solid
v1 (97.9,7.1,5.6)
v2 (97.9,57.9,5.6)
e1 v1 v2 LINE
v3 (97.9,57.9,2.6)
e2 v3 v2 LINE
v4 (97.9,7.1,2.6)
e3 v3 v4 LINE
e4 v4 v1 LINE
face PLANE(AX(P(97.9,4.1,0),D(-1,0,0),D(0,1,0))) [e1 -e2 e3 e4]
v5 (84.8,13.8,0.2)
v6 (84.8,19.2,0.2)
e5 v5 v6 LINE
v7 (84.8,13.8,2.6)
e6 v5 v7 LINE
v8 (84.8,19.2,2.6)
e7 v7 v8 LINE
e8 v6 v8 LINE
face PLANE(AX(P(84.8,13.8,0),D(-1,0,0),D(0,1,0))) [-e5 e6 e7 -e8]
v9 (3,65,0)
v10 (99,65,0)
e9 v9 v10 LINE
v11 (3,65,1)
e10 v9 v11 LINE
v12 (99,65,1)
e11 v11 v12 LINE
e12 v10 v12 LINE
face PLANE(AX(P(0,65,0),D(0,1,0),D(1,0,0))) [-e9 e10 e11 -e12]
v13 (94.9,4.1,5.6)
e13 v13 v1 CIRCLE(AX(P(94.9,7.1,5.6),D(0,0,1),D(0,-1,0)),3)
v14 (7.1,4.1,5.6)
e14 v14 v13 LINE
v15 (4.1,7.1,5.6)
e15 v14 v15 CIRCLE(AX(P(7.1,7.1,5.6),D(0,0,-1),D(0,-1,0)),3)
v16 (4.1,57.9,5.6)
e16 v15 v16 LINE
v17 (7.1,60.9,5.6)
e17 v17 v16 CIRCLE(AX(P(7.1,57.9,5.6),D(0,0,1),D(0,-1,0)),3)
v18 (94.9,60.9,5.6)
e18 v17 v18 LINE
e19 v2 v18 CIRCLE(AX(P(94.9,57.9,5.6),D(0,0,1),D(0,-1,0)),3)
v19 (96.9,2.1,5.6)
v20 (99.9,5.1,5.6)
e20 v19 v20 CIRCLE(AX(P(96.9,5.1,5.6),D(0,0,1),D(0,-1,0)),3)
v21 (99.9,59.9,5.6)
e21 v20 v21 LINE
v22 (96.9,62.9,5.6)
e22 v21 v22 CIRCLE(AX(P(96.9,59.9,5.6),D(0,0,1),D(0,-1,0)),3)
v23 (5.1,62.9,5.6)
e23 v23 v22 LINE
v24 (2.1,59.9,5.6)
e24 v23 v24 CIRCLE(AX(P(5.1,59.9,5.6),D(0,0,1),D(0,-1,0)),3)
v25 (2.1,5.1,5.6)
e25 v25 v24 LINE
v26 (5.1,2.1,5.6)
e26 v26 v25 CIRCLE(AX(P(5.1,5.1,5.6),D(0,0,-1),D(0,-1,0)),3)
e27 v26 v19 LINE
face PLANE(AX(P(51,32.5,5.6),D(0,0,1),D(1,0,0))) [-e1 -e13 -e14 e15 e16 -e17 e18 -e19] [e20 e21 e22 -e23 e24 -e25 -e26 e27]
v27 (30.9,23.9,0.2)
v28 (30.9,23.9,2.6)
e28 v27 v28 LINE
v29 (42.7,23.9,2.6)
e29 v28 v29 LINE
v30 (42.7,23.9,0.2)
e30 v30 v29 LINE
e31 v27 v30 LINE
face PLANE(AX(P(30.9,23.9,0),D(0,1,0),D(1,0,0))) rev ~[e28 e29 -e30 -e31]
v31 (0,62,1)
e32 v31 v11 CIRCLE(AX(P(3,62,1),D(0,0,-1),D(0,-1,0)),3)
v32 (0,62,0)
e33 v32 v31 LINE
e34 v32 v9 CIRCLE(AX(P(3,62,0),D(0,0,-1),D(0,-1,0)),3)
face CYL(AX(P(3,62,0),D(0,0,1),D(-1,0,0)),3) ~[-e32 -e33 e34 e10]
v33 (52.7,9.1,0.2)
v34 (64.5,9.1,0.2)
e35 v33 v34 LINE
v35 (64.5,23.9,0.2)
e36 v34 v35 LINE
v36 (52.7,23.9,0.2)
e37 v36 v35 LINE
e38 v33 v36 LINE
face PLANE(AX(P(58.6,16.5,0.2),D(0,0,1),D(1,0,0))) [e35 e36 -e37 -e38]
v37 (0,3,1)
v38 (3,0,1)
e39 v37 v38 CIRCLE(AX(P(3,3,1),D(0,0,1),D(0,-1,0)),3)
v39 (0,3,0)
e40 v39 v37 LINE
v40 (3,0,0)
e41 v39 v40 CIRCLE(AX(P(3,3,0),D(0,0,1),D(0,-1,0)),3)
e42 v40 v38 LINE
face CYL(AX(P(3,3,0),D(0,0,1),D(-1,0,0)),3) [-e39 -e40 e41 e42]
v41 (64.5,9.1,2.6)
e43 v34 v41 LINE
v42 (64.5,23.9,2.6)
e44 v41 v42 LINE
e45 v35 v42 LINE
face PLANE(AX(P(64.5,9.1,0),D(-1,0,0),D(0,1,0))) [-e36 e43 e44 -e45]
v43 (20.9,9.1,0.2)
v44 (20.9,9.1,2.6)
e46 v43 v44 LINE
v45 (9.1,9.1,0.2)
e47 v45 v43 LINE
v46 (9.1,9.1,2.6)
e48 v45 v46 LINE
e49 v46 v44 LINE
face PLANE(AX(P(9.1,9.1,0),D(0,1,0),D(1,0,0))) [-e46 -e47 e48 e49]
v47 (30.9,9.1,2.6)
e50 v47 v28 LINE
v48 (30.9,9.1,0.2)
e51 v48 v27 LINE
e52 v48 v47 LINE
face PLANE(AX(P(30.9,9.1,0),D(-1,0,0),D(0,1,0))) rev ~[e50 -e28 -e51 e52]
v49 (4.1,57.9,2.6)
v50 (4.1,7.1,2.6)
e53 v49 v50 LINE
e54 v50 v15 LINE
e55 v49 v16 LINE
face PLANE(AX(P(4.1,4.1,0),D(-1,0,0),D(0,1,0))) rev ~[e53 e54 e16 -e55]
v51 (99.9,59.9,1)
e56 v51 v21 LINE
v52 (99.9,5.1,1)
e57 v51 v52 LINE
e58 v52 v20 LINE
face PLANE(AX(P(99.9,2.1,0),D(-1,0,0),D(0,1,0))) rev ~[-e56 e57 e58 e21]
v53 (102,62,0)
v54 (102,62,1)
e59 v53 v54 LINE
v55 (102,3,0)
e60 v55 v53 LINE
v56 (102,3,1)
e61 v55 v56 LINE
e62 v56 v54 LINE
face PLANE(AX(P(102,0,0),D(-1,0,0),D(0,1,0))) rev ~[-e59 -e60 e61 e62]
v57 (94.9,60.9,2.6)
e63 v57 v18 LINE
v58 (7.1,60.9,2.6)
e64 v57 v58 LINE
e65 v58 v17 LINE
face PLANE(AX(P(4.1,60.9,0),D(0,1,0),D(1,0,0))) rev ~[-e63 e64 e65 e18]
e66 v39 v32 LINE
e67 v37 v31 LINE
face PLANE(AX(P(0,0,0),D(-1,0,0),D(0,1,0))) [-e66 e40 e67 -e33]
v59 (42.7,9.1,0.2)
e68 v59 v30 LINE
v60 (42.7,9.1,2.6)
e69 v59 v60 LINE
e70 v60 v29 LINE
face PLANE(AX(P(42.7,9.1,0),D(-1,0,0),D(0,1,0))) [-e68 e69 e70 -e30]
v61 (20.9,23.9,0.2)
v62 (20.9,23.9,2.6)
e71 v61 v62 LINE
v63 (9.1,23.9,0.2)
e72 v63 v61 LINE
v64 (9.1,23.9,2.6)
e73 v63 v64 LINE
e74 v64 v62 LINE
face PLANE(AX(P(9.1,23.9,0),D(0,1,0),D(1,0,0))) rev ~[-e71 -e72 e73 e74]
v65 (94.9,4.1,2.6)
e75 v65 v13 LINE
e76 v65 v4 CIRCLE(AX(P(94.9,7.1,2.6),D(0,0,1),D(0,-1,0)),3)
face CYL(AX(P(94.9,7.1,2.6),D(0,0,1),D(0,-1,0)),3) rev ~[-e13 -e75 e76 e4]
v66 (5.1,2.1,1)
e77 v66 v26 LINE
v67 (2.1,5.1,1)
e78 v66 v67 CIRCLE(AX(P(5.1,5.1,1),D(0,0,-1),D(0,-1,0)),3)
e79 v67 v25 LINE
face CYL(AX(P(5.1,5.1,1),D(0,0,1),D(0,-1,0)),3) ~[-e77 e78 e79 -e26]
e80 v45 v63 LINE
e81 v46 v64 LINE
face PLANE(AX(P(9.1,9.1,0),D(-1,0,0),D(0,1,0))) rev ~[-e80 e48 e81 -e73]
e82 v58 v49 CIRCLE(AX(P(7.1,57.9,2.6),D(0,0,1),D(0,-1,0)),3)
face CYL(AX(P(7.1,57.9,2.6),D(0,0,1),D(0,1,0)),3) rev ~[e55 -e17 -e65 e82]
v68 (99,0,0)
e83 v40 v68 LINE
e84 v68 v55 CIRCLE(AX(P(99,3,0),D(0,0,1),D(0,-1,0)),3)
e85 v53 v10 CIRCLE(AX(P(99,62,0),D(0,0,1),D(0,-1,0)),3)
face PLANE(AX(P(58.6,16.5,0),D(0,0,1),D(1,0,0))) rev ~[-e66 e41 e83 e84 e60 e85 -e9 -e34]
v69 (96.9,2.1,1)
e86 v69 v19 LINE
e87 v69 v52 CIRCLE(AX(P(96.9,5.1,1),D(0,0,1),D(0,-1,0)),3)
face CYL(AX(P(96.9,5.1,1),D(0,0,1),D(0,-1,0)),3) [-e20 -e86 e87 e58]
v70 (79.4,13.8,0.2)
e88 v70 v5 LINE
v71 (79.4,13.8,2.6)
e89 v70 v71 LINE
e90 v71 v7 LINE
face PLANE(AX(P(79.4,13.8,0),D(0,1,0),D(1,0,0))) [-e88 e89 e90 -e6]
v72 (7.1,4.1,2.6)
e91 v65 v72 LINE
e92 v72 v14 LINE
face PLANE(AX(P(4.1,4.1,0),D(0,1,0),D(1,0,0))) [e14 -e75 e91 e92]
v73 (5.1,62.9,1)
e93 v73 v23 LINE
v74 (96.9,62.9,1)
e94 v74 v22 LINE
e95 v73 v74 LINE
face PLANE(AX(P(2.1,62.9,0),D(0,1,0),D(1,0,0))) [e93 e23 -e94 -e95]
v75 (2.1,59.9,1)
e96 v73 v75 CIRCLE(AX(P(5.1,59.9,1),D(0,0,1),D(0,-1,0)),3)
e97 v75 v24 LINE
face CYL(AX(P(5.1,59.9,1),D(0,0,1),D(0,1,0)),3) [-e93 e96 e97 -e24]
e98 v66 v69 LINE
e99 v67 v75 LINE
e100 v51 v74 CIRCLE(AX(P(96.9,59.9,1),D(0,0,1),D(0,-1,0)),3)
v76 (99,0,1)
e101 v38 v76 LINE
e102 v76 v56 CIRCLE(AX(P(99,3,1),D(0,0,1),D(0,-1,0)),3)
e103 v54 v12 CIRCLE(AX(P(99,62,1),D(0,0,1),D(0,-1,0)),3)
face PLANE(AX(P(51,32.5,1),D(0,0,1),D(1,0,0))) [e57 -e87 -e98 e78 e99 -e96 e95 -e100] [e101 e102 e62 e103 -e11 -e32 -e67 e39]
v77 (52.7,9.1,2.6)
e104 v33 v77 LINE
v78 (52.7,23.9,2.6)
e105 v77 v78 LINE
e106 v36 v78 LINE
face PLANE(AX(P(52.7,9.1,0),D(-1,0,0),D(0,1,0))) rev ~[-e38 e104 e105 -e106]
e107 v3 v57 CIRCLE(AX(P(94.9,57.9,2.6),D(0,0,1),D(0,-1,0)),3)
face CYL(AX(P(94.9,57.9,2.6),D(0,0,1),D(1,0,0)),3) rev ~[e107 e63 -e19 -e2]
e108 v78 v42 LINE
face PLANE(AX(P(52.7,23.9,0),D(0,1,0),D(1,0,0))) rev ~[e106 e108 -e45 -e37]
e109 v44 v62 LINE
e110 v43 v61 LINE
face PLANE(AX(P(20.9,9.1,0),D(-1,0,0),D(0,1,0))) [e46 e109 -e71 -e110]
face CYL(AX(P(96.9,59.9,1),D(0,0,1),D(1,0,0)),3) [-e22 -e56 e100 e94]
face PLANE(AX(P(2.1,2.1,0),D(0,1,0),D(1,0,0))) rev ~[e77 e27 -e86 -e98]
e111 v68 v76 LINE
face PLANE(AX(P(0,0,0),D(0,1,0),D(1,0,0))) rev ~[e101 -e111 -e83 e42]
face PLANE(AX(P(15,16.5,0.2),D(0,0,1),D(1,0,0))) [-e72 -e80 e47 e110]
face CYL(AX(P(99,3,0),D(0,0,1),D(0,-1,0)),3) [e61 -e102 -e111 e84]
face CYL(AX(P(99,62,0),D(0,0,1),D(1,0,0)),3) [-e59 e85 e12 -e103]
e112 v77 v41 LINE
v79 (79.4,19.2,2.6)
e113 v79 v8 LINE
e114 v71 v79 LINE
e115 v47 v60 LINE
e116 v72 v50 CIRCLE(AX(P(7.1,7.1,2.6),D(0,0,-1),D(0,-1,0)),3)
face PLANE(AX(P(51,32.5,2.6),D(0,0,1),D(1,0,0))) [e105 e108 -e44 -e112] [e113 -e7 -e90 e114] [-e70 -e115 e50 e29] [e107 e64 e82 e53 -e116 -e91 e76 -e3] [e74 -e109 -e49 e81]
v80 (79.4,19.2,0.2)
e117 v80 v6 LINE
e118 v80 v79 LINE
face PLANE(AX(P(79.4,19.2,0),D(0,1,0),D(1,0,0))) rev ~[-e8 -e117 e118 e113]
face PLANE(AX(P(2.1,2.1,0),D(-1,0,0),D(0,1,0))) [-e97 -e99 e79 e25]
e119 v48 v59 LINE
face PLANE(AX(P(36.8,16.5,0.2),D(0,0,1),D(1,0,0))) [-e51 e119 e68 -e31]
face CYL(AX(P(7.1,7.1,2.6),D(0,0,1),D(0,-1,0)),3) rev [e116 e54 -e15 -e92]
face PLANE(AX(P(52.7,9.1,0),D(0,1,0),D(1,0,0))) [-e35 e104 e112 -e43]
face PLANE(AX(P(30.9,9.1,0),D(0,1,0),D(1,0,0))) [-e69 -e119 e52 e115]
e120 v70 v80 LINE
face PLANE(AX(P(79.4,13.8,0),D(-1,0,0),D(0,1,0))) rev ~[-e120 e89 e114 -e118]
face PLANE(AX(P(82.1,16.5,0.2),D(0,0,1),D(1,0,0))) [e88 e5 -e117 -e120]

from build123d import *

# Parameters (mm, degrees)
SKICA1_W                = 97.8
SKICA1_H                = 60.8
SKICA1_W_2              = 11.8
SKICA1_H_2              = 14.8
SKICA1_W_3              = 5.4
SKICA1_H_3              = 5.4
P_IDAT_VYSUNUT_M1_DEPTH = 2.6
SKICA1_3_W              = 102
SKICA1_3_H              = 65
SKICA1_3_W_2            = 97.8
SKICA1_3_H_2            = 60.8
P_IDAT_VYSUNUT_M2_DEPTH = 1
SKICA1_5_W              = 11.8
SKICA1_5_H              = 14.8
SKICA1_5_W_2            = 5.4
SKICA1_5_H_2            = 5.4
P_IDAT_VYSUNUT_M3_DEPTH = 0.2
ZAOBLIT1_R              = 3
ZAOBLIT2_R              = 3
SKICA1_6_W              = 97.8
SKICA1_6_H              = 60.8
SKICA1_6_W_2            = 93.8
SKICA1_6_H_2            = 56.8
P_IDAT_VYSUNUT_M4_DEPTH = 5.6
ZAOBLIT4_R              = 3
ZAOBLIT5_R              = 3


with BuildPart() as part:
    # Skica1 → Přidat vysunutím1 (new body)
    with BuildSketch(Plane.XY):
        with Locations((51, 32.5)):
            Rectangle(SKICA1_W, SKICA1_H)
        with Locations((15, 16.5)):
            Rectangle(SKICA1_W_2, SKICA1_H_2, mode=Mode.SUBTRACT)
        with Locations((36.8, 16.5)):
            Rectangle(SKICA1_W_2, SKICA1_H_2, mode=Mode.SUBTRACT)
        with Locations((58.6, 16.5)):
            Rectangle(SKICA1_W_2, SKICA1_H_2, mode=Mode.SUBTRACT)
        with Locations((82.1, 16.5)):
            Rectangle(SKICA1_W_3, SKICA1_H_3, mode=Mode.SUBTRACT)
    extrude(amount=P_IDAT_VYSUNUT_M1_DEPTH)

    # Skica1<3> → Přidat vysunutím2 (add)
    with BuildSketch(Plane.XY):
        with Locations((51, 32.5)):
            Rectangle(SKICA1_3_W, SKICA1_3_H)
        with Locations((51, 32.5)):
            Rectangle(SKICA1_3_W_2, SKICA1_3_H_2, mode=Mode.SUBTRACT)
    extrude(amount=P_IDAT_VYSUNUT_M2_DEPTH)

    # Skica1<5> → Přidat vysunutím3 (add)
    with BuildSketch(Plane.XY):
        with Locations((58.6, 16.5)):
            Rectangle(SKICA1_5_W, SKICA1_5_H)
        with Locations((15, 16.5)):
            Rectangle(SKICA1_5_W, SKICA1_5_H)
        with Locations((36.8, 16.5)):
            Rectangle(SKICA1_5_W, SKICA1_5_H)
        with Locations((82.1, 16.5)):
            Rectangle(SKICA1_5_W_2, SKICA1_5_H_2)
    extrude(amount=P_IDAT_VYSUNUT_M3_DEPTH)

    # Zaoblit1
    zaoblit1_edges = [part.edges().sort_by_distance(p)[0] for p in [
        (0, 0, 0.5),
        (102, 0, 0.5),
        (102, 65, 0.5),
        (0, 65, 0.5),
    ]]
    fillet(zaoblit1_edges, radius=ZAOBLIT1_R)

    # Zaoblit2
    zaoblit2_edges = [part.edges().sort_by_distance(p)[0] for p in [
        (99.9, 2.1, 1.8),
        (99.9, 62.9, 1.8),
        (2.1, 62.9, 1.8),
        (2.1, 2.1, 1.8),
    ]]
    fillet(zaoblit2_edges, radius=ZAOBLIT2_R)

    # Skica1<6> → Přidat vysunutím4 (add)
    with BuildSketch(Plane.XY):
        with Locations((51, 32.5)):
            Rectangle(SKICA1_6_W, SKICA1_6_H)
        with Locations((51, 32.5)):
            Rectangle(SKICA1_6_W_2, SKICA1_6_H_2, mode=Mode.SUBTRACT)
    extrude(amount=P_IDAT_VYSUNUT_M4_DEPTH)

    # Zaoblit4
    zaoblit4_edges = [part.edges().sort_by_distance(p)[0] for p in [
        (2.1, 62.9, 3.3),
        (99.9, 2.1, 3.3),
        (2.1, 2.1, 3.3),
        (99.9, 62.9, 3.3),
    ]]
    fillet(zaoblit4_edges, radius=ZAOBLIT4_R)

    # Zaoblit5
    zaoblit5_edges = [part.edges().sort_by_distance(p)[0] for p in [
        (4.1, 60.9, 4.1),
        (97.9, 60.9, 4.1),
        (97.9, 4.1, 4.1),
        (4.1, 4.1, 4.1),
    ]]
    fillet(zaoblit5_edges, radius=ZAOBLIT5_R)


solid = part.part
